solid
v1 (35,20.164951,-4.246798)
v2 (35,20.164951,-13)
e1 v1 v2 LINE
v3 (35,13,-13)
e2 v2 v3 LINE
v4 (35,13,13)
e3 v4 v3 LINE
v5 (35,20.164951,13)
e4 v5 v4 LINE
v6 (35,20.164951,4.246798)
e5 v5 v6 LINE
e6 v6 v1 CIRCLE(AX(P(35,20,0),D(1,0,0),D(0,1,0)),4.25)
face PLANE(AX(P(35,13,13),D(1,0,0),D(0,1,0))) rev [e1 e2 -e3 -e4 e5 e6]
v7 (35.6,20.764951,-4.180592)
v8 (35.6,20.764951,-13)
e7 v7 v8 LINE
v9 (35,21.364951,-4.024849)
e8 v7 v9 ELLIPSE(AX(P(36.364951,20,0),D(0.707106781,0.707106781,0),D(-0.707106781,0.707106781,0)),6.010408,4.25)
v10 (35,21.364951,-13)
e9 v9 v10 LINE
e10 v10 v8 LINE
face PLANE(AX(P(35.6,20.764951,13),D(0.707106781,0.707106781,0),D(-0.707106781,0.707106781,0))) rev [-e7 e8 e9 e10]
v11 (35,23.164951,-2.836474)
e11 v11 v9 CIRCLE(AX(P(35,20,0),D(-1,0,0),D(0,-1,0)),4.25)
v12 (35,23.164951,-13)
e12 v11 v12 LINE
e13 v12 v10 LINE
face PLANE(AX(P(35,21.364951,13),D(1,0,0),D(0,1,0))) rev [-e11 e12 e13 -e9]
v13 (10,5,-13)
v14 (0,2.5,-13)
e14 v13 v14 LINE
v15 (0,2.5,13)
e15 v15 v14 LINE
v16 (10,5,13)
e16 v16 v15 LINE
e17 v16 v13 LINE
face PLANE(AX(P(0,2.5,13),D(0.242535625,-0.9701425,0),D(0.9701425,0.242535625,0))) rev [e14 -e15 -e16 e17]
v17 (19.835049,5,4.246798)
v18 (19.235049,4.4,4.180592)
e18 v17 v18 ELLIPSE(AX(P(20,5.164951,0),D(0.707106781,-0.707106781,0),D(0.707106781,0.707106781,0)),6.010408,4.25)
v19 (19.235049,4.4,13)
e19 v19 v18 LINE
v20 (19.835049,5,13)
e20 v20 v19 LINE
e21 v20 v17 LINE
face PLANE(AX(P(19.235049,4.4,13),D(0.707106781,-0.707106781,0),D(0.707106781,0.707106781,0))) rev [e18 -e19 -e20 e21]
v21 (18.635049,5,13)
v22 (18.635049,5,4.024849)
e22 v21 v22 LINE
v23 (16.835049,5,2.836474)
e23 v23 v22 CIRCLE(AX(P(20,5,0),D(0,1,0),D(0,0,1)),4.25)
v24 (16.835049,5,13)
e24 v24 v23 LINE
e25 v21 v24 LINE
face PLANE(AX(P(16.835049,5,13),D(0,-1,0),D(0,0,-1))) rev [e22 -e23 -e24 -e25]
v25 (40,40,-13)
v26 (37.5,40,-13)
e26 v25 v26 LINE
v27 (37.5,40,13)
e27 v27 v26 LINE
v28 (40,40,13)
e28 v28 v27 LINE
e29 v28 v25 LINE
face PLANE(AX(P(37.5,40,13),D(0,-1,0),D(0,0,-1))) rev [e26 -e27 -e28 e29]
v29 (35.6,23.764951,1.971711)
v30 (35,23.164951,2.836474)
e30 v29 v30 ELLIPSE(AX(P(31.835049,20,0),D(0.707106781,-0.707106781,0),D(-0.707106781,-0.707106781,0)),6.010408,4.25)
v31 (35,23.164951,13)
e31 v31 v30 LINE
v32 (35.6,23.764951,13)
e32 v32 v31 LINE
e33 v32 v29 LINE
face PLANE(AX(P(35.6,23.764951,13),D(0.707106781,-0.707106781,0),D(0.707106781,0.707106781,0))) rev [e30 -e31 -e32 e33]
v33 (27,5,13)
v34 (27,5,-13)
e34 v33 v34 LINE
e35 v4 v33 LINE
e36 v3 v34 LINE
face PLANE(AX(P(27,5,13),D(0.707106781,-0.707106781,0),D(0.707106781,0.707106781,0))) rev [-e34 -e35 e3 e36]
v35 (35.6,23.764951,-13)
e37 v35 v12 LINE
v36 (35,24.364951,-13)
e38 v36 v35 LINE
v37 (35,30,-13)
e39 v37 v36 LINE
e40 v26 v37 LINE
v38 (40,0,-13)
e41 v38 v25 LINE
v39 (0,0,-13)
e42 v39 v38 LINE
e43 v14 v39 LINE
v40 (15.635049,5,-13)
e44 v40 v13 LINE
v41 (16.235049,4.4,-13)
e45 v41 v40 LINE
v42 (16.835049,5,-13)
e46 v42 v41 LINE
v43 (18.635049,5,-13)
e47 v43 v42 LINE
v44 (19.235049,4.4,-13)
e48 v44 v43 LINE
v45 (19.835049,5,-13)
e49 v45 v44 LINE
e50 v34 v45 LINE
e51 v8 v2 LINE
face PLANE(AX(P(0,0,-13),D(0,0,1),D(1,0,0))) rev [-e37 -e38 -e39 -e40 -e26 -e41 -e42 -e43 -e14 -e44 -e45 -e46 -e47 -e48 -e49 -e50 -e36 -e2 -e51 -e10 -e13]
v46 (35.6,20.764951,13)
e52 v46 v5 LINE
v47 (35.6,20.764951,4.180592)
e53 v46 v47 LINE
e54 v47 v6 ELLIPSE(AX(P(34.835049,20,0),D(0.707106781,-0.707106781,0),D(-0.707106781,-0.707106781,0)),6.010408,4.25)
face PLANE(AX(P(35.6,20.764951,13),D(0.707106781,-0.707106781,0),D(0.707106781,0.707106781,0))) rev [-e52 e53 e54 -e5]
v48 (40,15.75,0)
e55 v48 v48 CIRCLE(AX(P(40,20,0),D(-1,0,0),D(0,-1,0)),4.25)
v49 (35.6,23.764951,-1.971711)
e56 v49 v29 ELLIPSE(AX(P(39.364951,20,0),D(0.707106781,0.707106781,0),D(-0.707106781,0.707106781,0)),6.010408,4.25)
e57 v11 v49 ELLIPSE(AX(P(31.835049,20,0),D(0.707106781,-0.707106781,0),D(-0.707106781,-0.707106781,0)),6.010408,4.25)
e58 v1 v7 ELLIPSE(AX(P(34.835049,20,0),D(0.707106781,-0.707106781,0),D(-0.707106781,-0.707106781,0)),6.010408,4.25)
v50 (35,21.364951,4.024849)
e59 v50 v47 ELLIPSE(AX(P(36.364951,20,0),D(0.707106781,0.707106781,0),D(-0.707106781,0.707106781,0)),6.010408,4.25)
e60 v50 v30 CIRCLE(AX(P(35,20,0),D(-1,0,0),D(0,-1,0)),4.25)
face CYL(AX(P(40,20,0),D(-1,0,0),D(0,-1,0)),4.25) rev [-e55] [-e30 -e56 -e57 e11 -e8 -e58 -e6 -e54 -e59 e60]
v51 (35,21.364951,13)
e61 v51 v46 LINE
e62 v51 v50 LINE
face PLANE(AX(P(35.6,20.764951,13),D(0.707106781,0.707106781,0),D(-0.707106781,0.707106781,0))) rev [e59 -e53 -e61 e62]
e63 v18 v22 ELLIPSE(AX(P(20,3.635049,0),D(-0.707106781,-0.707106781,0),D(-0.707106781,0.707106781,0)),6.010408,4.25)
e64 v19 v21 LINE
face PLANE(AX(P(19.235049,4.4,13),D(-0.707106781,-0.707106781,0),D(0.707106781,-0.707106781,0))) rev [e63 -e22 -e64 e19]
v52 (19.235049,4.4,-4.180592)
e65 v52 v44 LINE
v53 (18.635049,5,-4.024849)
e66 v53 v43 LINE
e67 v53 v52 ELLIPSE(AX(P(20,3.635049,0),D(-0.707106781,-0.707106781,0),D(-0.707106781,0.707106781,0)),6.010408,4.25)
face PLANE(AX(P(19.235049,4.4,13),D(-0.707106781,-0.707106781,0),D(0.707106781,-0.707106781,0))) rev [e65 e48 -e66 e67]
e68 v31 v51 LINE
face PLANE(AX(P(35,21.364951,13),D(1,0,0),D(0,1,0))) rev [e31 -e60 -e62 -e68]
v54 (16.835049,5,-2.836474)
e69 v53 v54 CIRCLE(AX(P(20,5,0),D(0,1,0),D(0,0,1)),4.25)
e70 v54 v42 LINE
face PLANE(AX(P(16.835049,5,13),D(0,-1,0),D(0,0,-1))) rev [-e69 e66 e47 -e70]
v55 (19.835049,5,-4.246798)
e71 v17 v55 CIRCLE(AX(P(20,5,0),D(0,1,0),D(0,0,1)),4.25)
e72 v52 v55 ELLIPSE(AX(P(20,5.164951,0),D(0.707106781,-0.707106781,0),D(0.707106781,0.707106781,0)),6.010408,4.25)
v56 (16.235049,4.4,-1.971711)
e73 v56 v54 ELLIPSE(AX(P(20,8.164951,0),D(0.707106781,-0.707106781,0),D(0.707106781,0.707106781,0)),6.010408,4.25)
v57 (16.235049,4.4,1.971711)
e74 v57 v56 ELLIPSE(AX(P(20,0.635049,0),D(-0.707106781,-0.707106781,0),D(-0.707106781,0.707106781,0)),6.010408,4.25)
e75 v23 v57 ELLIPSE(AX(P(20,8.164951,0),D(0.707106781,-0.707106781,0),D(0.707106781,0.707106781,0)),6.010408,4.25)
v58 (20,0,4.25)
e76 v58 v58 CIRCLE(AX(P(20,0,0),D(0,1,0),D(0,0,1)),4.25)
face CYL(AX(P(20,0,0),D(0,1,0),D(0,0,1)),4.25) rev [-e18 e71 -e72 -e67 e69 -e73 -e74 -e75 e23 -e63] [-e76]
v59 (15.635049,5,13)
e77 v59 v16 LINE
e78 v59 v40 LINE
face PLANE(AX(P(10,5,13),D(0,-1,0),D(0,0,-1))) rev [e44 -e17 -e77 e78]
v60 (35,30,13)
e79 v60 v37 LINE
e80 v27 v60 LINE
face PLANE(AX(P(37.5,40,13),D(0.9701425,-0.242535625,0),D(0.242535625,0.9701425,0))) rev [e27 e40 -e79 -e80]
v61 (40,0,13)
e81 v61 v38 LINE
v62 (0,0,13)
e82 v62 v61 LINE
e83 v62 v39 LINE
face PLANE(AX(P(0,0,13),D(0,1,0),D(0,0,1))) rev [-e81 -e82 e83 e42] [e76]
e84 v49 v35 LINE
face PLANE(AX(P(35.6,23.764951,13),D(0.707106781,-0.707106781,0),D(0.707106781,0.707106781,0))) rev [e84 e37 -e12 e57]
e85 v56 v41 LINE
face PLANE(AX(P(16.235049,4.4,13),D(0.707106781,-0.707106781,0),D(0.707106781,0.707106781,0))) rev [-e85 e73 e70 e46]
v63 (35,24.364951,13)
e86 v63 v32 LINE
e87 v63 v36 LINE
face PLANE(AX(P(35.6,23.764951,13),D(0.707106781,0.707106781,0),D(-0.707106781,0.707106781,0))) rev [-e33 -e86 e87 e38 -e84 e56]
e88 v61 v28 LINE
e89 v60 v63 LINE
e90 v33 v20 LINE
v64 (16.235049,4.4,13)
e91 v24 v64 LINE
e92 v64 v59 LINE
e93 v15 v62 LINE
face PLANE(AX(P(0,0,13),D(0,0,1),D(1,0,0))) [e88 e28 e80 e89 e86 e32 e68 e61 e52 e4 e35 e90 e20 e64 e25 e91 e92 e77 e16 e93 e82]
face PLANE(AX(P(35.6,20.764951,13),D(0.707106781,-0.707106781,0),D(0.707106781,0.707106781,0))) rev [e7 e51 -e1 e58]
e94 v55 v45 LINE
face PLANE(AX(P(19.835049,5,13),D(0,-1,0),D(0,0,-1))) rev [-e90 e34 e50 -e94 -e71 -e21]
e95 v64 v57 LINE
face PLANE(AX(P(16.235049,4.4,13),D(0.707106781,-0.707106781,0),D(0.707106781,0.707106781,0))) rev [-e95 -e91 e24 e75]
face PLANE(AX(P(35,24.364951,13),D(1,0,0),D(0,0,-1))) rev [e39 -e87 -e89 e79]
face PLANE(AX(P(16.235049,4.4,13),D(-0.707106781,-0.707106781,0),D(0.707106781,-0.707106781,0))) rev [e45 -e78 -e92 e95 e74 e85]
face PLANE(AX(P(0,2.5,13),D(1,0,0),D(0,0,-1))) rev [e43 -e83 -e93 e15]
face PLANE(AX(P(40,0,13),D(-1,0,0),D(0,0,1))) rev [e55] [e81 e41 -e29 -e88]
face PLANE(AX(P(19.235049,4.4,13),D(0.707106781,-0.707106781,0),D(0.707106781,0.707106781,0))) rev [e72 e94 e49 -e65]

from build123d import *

# Parameters (mm, degrees)
EXTRUDE_1_DEPTH     = 13
SKETCH_3_R          = 4.25
CUT_EXTRUDE_1_DEPTH = 55.717456081
SKETCH_4_R          = 4.25
CUT_EXTRUDE_2_DEPTH = 55.717456081


with BuildPart() as part:
    # 草图1 → 凸台-拉伸1 (new, symmetric)
    with BuildSketch(Plane.XY):
        Polygon((0, 0), (40, 0), (40, 40), (37.5, 40), (35, 30), (35, 24.364950833), (35.6, 23.764950833), (35, 23.164950833), (35, 21.364950833), (35.6, 20.764950833), (35, 20.164950833), (35, 13), (27, 5), (19.835049167, 5), (19.235049167, 4.4), (18.635049167, 5), (16.835049167, 5), (16.235049167, 4.4), (15.635049167, 5), (10, 5), (0, 2.5), align=None)
    extrude(amount=EXTRUDE_1_DEPTH, both=True)

    # 草图3 → 切除-拉伸1 (cut, through all)
    with BuildSketch(Plane(origin=(0, 5, 0), x_dir=(1, 0, 0), z_dir=(0, 1, 0))):
        with Locations(Location((20, 0, 0), (0, 0, 270))):
            Circle(SKETCH_3_R)
    extrude(amount=-CUT_EXTRUDE_1_DEPTH, mode=Mode.SUBTRACT)

    # 草图4 → 切除-拉伸2 (cut, through all)
    with BuildSketch(Plane.ZY.offset(-35)):
        with Locations(Location((0, 20, 0), (0, 0, 270))):
            Circle(SKETCH_4_R)
    extrude(amount=-CUT_EXTRUDE_2_DEPTH, mode=Mode.SUBTRACT)


solid = part.part
